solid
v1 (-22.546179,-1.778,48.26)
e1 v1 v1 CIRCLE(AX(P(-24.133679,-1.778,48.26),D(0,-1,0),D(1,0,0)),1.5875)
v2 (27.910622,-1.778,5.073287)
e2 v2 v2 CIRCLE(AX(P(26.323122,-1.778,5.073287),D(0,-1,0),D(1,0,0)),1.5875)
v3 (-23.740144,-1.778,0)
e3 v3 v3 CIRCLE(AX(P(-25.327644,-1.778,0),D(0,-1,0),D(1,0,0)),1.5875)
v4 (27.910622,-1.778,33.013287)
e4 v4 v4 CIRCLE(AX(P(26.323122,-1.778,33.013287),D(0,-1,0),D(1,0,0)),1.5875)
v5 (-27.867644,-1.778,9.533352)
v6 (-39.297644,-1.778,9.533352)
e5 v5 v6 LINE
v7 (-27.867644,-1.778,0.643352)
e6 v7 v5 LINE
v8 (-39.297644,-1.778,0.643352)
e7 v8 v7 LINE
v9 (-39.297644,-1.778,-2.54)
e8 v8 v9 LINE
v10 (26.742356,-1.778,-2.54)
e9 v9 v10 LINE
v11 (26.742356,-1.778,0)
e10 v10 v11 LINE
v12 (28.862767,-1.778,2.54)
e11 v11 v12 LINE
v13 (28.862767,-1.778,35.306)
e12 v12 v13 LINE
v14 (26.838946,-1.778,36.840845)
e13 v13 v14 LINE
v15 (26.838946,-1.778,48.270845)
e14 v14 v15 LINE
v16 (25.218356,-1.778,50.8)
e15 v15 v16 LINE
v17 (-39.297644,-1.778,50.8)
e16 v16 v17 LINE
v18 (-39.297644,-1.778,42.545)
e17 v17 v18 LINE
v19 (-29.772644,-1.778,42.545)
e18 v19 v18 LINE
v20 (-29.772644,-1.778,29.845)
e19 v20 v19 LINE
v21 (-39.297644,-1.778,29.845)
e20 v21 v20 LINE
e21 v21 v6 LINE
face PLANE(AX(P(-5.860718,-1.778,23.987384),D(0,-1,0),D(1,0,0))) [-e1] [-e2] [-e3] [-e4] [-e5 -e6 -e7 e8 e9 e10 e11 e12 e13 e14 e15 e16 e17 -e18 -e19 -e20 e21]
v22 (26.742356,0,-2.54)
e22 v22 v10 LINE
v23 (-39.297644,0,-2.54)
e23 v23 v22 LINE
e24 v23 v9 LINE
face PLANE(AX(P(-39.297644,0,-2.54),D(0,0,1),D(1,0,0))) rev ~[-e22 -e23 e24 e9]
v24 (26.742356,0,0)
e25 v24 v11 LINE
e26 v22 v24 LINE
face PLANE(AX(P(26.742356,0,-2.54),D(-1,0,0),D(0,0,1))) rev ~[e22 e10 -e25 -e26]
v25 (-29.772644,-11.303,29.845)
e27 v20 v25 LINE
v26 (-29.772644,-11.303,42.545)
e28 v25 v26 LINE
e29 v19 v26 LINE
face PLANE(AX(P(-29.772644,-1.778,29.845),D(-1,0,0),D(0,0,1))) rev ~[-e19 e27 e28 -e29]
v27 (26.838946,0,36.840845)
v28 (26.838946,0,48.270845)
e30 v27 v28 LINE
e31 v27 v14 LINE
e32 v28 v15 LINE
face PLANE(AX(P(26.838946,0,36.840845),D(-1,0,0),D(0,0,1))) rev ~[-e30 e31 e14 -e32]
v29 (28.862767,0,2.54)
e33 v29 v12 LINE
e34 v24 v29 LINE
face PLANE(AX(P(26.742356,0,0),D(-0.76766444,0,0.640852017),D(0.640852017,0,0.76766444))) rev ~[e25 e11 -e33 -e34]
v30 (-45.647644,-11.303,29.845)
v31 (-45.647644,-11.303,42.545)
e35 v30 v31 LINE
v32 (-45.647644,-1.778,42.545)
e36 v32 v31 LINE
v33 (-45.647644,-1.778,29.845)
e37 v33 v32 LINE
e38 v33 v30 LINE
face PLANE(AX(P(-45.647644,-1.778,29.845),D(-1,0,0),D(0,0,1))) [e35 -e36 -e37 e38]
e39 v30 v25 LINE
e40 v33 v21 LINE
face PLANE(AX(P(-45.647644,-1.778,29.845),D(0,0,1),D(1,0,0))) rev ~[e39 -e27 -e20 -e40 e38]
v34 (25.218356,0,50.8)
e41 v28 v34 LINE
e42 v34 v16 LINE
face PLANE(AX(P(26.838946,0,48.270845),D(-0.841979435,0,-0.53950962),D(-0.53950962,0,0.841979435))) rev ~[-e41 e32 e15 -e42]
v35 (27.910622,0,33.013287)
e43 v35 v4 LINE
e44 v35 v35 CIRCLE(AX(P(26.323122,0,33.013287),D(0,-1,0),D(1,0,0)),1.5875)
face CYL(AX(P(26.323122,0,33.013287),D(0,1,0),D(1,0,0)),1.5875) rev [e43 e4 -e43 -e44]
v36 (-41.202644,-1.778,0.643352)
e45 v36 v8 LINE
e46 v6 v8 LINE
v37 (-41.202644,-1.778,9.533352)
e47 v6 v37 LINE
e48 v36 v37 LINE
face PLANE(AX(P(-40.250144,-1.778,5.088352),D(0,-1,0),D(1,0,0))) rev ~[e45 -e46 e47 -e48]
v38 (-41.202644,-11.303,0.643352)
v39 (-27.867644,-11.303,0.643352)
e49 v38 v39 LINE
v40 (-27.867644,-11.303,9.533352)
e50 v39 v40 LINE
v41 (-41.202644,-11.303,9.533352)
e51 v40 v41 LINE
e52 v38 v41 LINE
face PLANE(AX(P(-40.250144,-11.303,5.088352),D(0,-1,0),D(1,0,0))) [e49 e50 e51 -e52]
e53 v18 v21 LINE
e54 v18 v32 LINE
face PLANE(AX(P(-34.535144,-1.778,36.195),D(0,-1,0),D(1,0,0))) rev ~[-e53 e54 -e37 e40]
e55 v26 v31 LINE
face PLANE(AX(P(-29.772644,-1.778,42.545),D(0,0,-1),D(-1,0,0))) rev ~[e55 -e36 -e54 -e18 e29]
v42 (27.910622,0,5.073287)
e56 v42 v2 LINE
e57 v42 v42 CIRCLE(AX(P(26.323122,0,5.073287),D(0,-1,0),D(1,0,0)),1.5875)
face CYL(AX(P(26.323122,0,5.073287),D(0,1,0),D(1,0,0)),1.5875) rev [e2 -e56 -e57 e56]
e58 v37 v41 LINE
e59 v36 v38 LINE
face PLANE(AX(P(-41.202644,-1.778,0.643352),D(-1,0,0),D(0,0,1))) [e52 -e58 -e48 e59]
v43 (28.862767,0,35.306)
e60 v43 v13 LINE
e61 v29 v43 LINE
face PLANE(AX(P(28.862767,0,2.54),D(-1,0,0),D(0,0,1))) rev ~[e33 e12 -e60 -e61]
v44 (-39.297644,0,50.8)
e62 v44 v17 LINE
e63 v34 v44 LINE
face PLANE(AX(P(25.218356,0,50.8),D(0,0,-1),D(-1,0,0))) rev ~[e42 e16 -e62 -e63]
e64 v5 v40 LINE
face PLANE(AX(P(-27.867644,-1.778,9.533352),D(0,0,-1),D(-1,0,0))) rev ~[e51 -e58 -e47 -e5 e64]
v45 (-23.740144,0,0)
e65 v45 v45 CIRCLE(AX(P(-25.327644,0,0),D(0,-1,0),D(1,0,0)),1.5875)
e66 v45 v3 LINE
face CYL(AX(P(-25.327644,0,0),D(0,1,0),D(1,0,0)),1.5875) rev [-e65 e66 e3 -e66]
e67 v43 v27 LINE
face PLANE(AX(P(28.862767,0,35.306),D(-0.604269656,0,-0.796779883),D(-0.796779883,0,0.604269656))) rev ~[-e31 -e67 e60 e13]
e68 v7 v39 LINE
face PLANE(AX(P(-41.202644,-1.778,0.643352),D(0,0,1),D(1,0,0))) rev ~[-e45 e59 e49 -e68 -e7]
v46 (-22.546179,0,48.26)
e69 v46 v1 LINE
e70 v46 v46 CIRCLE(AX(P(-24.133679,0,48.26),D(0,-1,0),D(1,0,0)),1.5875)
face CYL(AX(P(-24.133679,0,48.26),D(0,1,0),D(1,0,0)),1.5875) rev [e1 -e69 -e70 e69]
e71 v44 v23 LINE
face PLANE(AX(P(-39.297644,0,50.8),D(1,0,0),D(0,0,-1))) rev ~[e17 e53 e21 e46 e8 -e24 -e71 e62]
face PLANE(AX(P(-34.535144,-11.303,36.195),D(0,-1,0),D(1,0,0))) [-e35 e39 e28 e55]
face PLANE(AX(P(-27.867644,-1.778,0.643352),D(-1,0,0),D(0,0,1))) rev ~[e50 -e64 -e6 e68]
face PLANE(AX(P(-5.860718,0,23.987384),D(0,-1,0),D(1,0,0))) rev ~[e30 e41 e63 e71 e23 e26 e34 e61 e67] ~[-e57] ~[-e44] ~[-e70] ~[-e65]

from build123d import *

# Parameters (mm, degrees)
F0_R     = 1.5875
F1_DEPTH = 1.778
F2_W     = 9.525
F2_H     = 12.7
F2_W_2   = 6.35
F3_DEPTH = 9.525
F2_W_3   = 1.905
F2_H_2   = 8.89
F2_W_4   = 11.43
F4_DEPTH = 9.525


with BuildPart() as f1:
    # F0 (on Front) → F1 (new body)
    with BuildSketch(Plane.XZ):
        Polygon((25.218356, 50.8), (-39.297644, 50.8), (-39.297644, -2.54), (26.742356, -2.54), (26.742356, 0), (28.862767, 2.54), (28.862767, 35.306), (26.838946, 36.840845), (26.838946, 48.270845), align=None)
        with Locations((-25.327644, 0)):
            Circle(F0_R, mode=Mode.SUBTRACT)
        with Locations((26.323122, 5.073287)):
            Circle(F0_R, mode=Mode.SUBTRACT)
        with Locations((-24.133679, 48.26)):
            Circle(F0_R, mode=Mode.SUBTRACT)
        with Locations((26.323122, 33.013287)):
            Circle(F0_R, mode=Mode.SUBTRACT)
    extrude(amount=F1_DEPTH)

    # F2 (on face) → F3 (join)
    with BuildSketch(Plane.XZ.offset(1.778)):
        with Locations((-34.535144, 36.195)):
            Rectangle(F2_W, F2_H)
        with Locations((-42.472644, 36.195)):
            Rectangle(F2_W_2, F2_H)
    extrude(amount=F3_DEPTH)

    # F2 (on face) → F4 (join)
    with BuildSketch(Plane.XZ.offset(1.778)):
        with Locations((-40.250144, 5.088352)):
            Rectangle(F2_W_3, F2_H_2)
        with Locations((-33.582644, 5.088352)):
            Rectangle(F2_W_4, F2_H_2)
    extrude(amount=F4_DEPTH)


solid = f1.part
